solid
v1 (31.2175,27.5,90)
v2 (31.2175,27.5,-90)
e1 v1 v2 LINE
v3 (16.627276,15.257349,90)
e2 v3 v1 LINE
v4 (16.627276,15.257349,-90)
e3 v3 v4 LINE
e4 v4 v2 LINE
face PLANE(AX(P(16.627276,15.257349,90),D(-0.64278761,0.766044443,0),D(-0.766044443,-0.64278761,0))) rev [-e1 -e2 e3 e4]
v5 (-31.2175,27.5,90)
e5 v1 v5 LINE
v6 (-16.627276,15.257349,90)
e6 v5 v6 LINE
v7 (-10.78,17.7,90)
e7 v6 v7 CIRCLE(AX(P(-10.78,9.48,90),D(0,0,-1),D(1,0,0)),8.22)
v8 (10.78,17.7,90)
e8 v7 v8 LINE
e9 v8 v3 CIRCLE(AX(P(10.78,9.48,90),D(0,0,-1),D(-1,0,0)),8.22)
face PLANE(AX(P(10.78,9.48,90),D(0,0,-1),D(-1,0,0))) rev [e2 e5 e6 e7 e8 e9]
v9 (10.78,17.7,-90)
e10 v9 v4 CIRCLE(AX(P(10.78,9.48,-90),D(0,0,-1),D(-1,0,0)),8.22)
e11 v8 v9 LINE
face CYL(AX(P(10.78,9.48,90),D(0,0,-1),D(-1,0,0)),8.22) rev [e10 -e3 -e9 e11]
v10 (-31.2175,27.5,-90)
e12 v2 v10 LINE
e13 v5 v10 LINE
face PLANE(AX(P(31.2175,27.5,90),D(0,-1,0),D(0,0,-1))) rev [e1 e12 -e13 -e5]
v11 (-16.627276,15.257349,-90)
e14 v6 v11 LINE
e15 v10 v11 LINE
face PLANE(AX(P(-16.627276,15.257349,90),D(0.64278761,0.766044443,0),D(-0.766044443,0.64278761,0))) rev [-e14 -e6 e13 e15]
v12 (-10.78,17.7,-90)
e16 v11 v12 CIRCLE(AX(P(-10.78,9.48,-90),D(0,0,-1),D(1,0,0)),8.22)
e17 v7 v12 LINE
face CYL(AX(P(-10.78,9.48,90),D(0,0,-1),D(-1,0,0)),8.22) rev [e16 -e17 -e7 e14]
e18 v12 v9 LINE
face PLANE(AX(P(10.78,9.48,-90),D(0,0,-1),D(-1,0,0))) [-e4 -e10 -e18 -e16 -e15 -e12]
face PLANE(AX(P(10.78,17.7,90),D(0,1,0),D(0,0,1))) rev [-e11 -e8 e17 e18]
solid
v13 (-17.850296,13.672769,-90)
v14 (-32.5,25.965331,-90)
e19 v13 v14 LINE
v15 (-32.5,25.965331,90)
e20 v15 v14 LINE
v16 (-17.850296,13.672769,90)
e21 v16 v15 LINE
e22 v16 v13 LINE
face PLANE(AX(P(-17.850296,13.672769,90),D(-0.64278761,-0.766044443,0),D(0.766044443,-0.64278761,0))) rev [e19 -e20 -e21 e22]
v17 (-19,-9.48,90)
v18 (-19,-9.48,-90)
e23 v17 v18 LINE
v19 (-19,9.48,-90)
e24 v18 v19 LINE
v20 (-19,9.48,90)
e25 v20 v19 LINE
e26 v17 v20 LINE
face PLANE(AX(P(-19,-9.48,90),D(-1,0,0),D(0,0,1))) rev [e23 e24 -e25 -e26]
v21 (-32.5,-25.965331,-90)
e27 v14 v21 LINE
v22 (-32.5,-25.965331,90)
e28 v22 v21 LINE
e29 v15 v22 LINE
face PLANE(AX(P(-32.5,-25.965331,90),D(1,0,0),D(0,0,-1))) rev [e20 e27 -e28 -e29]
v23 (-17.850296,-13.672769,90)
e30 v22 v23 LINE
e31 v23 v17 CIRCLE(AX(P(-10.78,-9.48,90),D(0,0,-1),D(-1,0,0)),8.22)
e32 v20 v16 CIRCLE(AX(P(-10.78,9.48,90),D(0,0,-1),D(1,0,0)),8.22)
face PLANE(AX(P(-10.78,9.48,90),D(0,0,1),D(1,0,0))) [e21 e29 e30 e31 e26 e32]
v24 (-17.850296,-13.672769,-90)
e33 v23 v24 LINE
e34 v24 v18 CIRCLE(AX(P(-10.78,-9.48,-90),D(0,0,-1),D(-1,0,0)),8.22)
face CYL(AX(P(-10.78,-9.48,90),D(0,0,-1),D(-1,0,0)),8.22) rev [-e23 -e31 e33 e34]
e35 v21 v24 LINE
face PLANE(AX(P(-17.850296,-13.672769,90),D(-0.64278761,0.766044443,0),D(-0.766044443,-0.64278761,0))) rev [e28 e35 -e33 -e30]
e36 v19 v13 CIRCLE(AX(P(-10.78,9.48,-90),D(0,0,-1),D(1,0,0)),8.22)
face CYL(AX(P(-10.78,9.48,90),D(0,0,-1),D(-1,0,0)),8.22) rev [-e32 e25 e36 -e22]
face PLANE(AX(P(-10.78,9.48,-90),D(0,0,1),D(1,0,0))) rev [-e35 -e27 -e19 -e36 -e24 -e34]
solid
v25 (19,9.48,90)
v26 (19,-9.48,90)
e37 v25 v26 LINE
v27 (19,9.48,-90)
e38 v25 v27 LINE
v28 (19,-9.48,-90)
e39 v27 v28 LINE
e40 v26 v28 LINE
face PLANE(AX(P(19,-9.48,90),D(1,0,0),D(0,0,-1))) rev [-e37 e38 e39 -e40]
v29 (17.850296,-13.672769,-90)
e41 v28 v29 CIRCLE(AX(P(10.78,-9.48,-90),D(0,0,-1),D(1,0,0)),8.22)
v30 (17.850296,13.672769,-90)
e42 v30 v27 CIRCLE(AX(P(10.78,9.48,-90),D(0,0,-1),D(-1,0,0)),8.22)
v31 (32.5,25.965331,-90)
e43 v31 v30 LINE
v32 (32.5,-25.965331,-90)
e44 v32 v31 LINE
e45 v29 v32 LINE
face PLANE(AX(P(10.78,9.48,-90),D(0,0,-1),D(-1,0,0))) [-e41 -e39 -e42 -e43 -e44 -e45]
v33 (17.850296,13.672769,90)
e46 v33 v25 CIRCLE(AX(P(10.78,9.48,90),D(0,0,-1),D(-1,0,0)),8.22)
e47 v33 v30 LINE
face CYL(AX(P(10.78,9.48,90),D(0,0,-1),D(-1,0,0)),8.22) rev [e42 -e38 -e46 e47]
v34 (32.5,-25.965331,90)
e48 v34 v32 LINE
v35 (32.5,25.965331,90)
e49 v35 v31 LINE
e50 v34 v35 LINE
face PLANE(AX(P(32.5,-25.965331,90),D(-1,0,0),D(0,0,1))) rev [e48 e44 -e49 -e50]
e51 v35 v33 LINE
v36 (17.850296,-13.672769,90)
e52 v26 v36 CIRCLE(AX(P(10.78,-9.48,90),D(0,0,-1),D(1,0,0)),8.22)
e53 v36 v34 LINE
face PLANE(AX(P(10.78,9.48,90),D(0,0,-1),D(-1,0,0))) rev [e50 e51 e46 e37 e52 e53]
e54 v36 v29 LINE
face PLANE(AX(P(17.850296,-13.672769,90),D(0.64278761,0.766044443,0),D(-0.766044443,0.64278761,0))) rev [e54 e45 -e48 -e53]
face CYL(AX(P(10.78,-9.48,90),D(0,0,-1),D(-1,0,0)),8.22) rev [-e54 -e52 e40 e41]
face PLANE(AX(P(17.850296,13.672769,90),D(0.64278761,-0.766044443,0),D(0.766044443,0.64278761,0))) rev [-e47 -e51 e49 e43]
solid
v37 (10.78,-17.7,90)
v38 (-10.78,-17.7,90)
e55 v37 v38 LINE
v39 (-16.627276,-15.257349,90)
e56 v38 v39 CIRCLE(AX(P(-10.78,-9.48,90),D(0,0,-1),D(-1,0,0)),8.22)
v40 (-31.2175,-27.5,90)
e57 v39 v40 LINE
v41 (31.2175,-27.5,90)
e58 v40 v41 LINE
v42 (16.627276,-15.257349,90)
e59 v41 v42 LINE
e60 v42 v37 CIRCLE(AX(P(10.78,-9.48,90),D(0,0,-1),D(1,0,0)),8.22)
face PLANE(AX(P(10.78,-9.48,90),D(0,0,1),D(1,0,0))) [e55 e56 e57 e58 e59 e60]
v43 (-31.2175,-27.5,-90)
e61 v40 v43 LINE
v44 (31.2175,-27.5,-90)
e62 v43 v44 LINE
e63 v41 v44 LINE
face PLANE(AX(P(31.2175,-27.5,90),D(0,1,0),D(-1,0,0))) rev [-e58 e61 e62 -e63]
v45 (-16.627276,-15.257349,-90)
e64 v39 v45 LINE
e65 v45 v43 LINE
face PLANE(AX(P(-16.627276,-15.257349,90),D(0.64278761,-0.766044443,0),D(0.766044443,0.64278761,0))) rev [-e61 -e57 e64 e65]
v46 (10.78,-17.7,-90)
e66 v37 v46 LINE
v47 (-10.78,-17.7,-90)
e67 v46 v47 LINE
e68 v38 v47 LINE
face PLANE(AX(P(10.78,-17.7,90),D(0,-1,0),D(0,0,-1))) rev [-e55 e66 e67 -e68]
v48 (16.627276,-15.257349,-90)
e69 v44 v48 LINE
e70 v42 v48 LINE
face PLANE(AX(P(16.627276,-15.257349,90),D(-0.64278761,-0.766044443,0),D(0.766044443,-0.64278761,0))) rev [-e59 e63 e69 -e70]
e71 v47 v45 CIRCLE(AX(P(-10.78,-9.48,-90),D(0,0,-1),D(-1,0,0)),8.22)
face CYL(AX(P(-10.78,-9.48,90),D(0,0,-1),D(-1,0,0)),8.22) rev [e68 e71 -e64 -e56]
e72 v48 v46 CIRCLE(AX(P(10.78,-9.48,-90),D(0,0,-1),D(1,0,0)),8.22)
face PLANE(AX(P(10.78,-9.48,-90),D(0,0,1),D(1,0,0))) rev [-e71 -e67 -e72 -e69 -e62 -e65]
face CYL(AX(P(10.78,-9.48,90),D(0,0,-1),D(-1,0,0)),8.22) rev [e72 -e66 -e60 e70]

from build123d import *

# Parameters (mm, degrees)
EXTRUDE_1_DEPTH   = 90
EXTRUDE_1_2_DEPTH = 90
EXTRUDE_1_3_DEPTH = 90
EXTRUDE_1_4_DEPTH = 90


with BuildPart() as part:
    # 草图1 → 凸台-拉伸1 (new, symmetric)
    with BuildSketch(Plane.XY):
        with BuildLine():
            Line((31.217499969, 27.5), (-31.217499969, 27.5))
            Line((-31.217499969, 27.5), (-16.627276387, 15.257348773))
            ThreePointArc((-16.627276387, 15.257348773), (-13.948484897, 17.064794227), (-10.78, 17.7))
            Line((-10.78, 17.7), (10.78, 17.7))
            ThreePointArc((10.78, 17.7), (13.948484897, 17.064794227), (16.627276387, 15.257348773))
            Line((16.627276387, 15.257348773), (31.217499969, 27.5))
        make_face()
    extrude(amount=EXTRUDE_1_DEPTH, both=True)


with BuildPart() as body_2:
    # 草图1 → Extrude 1 2 (new, symmetric)
    with BuildSketch(Plane.XY):
        with BuildLine():
            Line((-32.5, -25.965330724), (-32.5, 25.965330724))
            Line((-32.5, 25.965330724), (-17.850295924, 13.672769437))
            ThreePointArc((-17.850295924, 13.672769437), (-18.707365025, 11.65377178), (-19, 9.48))
            Line((-19, 9.48), (-19, -9.48))
            ThreePointArc((-19, -9.48), (-18.707365025, -11.65377178), (-17.850295924, -13.672769437))
            Line((-17.850295924, -13.672769437), (-32.5, -25.965330724))
        make_face()
    extrude(amount=EXTRUDE_1_2_DEPTH, both=True)


with BuildPart() as body_3:
    # 草图1 → Extrude 1 3 (new, symmetric)
    with BuildSketch(Plane.XY):
        with BuildLine():
            Line((19, -9.48), (19, 9.48))
            ThreePointArc((19, 9.48), (18.707365025, 11.65377178), (17.850295924, 13.672769437))
            Line((17.850295924, 13.672769437), (32.5, 25.965330724))
            Line((32.5, 25.965330724), (32.5, -25.965330724))
            Line((32.5, -25.965330724), (17.850295924, -13.672769437))
            ThreePointArc((17.850295924, -13.672769437), (18.707365025, -11.65377178), (19, -9.48))
        make_face()
    extrude(amount=EXTRUDE_1_3_DEPTH, both=True)


with BuildPart() as body_4:
    # 草图1 → Extrude 1 4 (new, symmetric)
    with BuildSketch(Plane.XY):
        with BuildLine():
            Line((16.627276387, -15.257348773), (31.217499969, -27.5))
            Line((31.217499969, -27.5), (-31.217499969, -27.5))
            Line((-31.217499969, -27.5), (-16.627276387, -15.257348773))
            ThreePointArc((-16.627276387, -15.257348773), (-13.948484897, -17.064794227), (-10.78, -17.7))
            Line((-10.78, -17.7), (10.78, -17.7))
            ThreePointArc((10.78, -17.7), (13.948484897, -17.064794227), (16.627276387, -15.257348773))
        make_face()
    extrude(amount=EXTRUDE_1_4_DEPTH, both=True)


solid = Compound([part.part, body_2.part, body_3.part, body_4.part])
